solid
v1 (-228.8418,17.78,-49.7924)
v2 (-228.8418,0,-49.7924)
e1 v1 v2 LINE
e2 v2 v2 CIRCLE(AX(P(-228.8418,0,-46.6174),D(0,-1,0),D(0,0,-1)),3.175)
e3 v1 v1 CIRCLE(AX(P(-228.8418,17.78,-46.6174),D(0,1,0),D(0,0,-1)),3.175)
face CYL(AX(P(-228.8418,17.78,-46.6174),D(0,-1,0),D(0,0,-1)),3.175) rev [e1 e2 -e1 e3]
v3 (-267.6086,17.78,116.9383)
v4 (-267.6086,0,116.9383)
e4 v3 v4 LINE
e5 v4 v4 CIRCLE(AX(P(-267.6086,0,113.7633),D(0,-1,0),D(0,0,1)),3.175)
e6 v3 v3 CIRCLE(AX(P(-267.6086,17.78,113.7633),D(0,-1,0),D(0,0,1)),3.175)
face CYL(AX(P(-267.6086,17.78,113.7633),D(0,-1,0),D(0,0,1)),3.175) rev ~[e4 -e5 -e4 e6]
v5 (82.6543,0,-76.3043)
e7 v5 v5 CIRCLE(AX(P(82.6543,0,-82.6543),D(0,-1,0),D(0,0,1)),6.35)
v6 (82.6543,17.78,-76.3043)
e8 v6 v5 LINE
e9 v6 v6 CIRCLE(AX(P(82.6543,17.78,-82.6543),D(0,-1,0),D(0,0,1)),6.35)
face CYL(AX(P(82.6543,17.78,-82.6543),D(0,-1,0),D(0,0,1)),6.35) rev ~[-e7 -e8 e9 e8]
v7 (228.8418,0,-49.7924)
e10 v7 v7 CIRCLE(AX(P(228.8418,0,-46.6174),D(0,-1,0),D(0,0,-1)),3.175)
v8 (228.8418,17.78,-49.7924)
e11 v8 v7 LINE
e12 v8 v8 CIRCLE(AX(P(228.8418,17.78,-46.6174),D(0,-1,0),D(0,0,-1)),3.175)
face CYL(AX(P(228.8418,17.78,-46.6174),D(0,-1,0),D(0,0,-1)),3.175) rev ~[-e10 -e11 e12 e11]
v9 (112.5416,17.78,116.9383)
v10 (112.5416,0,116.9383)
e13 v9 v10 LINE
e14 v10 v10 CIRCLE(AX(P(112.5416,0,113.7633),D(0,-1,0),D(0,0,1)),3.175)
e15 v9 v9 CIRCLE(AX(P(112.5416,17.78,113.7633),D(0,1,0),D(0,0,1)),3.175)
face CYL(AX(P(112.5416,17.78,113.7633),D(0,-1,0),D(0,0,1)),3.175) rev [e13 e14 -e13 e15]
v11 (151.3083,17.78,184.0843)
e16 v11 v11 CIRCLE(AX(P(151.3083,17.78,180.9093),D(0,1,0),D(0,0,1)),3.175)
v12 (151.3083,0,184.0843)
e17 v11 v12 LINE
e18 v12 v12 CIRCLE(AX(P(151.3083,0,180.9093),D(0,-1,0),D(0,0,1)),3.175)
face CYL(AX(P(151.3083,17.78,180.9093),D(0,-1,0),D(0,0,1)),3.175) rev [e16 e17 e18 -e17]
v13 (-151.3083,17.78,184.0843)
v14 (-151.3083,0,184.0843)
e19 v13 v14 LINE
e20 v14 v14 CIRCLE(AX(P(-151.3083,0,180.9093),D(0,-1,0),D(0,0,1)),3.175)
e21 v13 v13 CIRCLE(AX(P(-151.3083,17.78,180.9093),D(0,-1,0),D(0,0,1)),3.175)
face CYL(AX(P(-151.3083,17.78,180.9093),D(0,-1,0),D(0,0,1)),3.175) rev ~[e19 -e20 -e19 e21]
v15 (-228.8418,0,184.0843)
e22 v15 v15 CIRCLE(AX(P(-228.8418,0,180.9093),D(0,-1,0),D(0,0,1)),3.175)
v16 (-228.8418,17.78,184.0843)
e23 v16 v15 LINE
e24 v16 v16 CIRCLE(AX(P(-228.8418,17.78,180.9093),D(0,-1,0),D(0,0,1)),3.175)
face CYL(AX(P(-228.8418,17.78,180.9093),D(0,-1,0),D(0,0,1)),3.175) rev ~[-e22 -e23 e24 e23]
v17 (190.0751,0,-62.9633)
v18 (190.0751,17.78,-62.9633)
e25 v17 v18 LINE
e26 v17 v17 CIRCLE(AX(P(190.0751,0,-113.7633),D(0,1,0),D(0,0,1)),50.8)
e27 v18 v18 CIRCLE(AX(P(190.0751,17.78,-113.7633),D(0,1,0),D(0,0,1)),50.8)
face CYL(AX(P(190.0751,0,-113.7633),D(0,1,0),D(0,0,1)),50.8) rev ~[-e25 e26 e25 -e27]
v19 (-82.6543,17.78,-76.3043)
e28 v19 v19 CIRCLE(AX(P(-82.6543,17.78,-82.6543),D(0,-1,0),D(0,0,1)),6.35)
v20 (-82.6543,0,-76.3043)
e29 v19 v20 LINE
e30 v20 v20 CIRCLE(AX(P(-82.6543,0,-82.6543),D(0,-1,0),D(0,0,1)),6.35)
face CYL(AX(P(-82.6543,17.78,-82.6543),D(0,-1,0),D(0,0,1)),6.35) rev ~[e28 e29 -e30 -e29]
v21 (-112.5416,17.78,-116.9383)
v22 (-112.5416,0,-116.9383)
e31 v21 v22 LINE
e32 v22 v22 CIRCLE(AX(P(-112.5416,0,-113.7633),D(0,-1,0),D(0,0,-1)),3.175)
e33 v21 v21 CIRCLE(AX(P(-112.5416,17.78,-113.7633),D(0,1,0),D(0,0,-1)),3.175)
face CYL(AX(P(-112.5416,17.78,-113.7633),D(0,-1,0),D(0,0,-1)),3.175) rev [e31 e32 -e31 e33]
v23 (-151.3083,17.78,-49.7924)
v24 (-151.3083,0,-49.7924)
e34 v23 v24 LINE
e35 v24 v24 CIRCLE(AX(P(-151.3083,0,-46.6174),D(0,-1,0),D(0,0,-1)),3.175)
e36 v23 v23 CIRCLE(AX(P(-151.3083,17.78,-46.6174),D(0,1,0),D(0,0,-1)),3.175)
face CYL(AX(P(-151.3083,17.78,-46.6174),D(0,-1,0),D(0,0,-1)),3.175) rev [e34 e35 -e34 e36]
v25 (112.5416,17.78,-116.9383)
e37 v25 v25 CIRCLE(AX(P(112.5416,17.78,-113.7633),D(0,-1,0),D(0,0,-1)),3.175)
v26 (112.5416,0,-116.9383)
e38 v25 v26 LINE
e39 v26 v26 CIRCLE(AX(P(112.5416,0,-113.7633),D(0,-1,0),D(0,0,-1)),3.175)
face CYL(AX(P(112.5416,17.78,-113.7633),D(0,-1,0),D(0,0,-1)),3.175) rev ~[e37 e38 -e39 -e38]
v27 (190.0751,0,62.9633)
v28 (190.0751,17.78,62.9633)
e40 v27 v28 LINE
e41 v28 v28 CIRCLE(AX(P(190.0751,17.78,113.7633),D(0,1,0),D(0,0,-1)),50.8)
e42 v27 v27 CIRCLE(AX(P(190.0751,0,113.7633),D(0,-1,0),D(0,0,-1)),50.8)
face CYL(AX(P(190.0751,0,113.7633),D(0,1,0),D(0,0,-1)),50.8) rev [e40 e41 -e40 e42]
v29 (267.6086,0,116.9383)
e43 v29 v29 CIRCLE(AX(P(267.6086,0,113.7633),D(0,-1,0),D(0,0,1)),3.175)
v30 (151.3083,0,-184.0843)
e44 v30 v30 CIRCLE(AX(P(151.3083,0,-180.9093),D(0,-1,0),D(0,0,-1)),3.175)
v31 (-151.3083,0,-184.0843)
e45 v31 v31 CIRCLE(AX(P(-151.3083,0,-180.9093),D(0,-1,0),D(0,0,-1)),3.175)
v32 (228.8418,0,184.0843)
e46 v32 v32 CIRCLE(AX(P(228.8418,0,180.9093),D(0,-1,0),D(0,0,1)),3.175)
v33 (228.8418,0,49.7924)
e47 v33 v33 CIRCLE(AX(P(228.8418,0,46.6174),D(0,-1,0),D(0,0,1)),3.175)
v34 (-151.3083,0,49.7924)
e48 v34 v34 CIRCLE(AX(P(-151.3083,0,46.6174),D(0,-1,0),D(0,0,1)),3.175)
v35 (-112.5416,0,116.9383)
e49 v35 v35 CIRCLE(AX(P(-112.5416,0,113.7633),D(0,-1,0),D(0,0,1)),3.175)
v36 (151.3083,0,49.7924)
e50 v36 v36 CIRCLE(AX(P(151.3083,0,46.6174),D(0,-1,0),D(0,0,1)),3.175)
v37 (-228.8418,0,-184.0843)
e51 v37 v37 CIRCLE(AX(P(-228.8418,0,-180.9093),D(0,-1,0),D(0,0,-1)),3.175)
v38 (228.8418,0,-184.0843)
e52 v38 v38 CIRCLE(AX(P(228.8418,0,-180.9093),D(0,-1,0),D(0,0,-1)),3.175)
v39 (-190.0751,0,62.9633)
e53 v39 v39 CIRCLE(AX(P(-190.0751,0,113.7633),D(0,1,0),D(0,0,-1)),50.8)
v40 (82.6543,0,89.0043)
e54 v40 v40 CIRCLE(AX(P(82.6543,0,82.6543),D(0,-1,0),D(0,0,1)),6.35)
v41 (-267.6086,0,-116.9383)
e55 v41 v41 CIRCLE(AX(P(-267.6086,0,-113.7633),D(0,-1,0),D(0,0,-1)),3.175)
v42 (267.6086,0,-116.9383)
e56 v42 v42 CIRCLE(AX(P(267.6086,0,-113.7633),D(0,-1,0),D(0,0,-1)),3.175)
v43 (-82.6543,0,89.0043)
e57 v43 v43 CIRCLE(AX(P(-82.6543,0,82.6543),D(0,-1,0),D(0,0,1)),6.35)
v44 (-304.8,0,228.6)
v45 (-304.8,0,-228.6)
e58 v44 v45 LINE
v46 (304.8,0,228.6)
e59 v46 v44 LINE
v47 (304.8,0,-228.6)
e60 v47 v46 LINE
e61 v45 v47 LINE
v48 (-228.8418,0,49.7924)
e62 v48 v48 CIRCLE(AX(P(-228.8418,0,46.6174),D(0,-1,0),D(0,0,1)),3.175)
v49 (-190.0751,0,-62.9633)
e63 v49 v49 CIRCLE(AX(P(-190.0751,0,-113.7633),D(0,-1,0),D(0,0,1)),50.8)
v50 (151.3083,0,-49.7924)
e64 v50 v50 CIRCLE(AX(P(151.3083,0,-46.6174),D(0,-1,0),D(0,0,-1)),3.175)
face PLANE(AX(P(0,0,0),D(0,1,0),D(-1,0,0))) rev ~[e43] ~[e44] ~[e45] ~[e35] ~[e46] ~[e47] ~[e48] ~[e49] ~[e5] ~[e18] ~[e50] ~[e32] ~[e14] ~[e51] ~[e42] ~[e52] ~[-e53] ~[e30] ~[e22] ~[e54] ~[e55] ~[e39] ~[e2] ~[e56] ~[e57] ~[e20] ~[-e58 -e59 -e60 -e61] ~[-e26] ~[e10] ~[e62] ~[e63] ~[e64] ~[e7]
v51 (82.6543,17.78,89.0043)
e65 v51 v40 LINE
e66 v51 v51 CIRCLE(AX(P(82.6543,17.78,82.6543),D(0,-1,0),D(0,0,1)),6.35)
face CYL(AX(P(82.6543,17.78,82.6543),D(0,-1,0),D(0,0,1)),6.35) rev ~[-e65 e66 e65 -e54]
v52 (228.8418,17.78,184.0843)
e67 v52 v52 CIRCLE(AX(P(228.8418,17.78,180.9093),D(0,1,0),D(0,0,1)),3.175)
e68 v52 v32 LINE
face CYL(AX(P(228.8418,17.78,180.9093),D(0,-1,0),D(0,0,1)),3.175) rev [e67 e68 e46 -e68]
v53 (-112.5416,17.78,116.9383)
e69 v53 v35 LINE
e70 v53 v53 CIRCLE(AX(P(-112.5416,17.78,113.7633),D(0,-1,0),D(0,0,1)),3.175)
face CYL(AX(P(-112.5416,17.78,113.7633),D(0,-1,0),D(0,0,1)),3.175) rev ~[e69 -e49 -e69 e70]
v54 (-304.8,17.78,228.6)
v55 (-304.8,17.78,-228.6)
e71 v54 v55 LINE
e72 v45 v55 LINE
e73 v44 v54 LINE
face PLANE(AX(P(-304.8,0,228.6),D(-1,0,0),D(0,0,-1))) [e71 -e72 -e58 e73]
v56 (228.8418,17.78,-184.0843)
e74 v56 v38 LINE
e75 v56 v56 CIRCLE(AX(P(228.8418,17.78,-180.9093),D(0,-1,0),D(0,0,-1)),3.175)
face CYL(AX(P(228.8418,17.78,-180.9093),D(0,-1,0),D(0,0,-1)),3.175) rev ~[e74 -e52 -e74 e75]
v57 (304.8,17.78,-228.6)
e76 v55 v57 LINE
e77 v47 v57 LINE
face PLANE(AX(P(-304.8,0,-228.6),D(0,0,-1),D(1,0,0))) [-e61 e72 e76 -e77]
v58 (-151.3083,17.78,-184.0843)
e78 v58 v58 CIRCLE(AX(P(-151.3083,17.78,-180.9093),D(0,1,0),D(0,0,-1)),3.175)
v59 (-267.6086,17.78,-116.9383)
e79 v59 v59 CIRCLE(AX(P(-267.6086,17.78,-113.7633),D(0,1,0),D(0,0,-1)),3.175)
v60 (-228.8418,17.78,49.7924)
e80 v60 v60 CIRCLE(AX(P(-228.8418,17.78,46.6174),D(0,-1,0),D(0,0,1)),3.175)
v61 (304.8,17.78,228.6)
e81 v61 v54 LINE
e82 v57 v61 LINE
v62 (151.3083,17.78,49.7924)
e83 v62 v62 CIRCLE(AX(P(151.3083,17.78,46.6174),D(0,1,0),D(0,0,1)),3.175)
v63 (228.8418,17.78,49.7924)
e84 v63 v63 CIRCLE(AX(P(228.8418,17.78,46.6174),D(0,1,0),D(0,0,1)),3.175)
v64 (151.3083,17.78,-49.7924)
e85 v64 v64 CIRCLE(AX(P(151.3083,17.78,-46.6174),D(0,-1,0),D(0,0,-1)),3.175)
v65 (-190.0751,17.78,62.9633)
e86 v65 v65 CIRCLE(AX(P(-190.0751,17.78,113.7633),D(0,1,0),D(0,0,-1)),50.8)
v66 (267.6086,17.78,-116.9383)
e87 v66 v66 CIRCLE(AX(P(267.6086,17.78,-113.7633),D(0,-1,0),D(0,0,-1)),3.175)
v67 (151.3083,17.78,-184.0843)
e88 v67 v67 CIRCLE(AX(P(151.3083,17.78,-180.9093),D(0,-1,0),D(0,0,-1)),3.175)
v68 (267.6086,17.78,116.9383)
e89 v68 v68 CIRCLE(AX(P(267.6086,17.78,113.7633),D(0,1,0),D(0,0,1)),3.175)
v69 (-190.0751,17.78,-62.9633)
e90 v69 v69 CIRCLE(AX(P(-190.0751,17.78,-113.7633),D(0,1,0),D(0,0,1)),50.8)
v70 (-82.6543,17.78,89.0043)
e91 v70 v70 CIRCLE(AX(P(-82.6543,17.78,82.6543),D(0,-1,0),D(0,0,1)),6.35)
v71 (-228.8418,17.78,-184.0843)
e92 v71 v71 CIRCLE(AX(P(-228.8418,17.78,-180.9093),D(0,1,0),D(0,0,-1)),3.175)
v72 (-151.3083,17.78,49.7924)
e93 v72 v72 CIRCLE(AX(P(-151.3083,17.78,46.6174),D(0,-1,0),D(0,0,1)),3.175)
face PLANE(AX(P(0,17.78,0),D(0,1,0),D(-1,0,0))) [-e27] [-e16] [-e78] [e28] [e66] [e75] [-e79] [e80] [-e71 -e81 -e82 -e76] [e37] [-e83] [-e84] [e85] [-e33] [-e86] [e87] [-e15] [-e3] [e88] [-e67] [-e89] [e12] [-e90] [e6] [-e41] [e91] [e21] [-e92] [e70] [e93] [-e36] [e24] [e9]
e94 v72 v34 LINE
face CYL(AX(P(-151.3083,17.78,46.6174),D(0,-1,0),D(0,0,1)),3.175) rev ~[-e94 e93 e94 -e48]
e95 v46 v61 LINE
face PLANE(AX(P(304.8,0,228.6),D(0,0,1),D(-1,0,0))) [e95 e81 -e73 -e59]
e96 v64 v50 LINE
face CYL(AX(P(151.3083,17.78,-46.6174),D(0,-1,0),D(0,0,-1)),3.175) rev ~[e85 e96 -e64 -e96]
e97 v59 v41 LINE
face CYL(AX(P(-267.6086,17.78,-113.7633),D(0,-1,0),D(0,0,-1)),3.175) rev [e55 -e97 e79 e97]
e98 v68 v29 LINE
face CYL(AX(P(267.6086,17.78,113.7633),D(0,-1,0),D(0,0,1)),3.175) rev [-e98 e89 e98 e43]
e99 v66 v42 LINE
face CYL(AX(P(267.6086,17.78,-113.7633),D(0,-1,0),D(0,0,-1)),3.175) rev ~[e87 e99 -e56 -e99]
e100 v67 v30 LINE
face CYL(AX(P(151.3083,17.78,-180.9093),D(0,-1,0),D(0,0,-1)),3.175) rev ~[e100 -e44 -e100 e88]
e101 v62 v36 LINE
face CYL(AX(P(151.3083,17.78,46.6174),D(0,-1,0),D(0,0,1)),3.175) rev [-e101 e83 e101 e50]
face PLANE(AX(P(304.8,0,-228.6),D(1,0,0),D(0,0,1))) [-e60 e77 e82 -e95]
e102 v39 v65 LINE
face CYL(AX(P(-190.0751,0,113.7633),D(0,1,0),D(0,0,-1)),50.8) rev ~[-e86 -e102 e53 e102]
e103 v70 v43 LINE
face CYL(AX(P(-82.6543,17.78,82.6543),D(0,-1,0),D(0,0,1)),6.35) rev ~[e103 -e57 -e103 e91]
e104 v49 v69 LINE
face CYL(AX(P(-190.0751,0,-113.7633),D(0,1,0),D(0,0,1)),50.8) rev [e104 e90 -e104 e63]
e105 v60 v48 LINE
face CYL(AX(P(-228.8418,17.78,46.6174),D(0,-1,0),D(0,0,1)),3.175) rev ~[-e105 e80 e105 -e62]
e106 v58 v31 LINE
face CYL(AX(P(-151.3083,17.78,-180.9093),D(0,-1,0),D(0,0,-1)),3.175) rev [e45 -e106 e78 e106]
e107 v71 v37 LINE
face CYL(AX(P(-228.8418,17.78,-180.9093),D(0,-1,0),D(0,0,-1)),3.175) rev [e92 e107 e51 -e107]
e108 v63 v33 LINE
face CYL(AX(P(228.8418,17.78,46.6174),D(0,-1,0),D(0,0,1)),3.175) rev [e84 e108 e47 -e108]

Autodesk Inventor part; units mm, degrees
ref_plane "YZ Plane" through (0, 0, 0) normal (1, 0, 0) x (0, 1, 0)
ref_plane "XZ Plane" through (0, 0, 0) normal (0, 1, 0) x (-1, 0, 0)
ref_plane "XY Plane" through (0, 0, 0) normal (0, 0, 1) x (1, 0, 0)
sketch "Sketch1" plane through (0, 0, 0) normal (0, 1, 0) x (-1, 0, 0)
  line L0 (-304.8, 228.6) -> (304.8, 228.6)
  line L1 (304.8, 228.6) -> (304.8, -228.6)
  line L2 (304.8, -228.6) -> (-304.8, -228.6)
  line L3 (-304.8, -228.6) -> (-304.8, 228.6)
  line L4 (-304.8, 228.6) -> (304.8, -228.6) construction
  line L5 (304.8, 228.6) -> (-304.8, -228.6) construction
  line L6 (-304.8, 228.6) -> (304.8, 228.6)
  line L7 (304.8, 228.6) -> (304.8, -228.6)
  line L8 (304.8, -228.6) -> (-304.8, -228.6)
  line L9 (-304.8, -228.6) -> (-304.8, 228.6)
  line L10 (-304.8, 228.6) -> (304.8, -228.6) construction
  line L11 (304.8, 228.6) -> (-304.8, -228.6) construction
  point P0 (0, 0)
  point P1 (0, 0)
  dimension "d0" = 609.6
  dimension "d1" = 457.2
  dimension "d4" = 609.6
  dimension "d5" = 457.2
sketch "Sketch2" plane through (0, 0, 0) normal (0, 1, 0) x (-1, 0, 0)
  line L0 (-304.8, 228.6) -> (304.8, 228.6)
  line L1 (304.8, 228.6) -> (304.8, -228.6)
  line L2 (304.8, -228.6) -> (-304.8, -228.6)
  line L3 (-304.8, -228.6) -> (-304.8, 228.6)
  line L4 (-304.8, 228.6) -> (304.8, -228.6) construction
  line L5 (304.8, 228.6) -> (-304.8, -228.6) construction
  circle A0 centre (228.8418, 180.9093) radius 3.175
  circle A1 centre (151.3083, 180.9093) radius 3.175
  circle A2 centre (112.5416, 113.7633) radius 3.175
  circle A3 centre (151.3083, 46.6174) radius 3.175
  circle A4 centre (228.8418, 46.6174) radius 3.175
  circle A5 centre (267.6086, 113.7633) radius 3.175
  circle A6 centre (190.0751, 113.7633) radius 51.1302
  line L6 (-304.8, 228.6) -> (304.8, 228.6)
  line L7 (304.8, 228.6) -> (304.8, -228.6)
  line L8 (304.8, -228.6) -> (-304.8, -228.6)
  line L9 (-304.8, -228.6) -> (-304.8, 228.6)
  line L10 (-304.8, 228.6) -> (304.8, -228.6) construction
  line L11 (304.8, 228.6) -> (-304.8, -228.6) construction
  circle A7 centre (228.8418, 180.9093) radius 3.175
  circle A8 centre (151.3083, 180.9093) radius 3.175
  circle A9 centre (112.5416, 113.7633) radius 3.175
  circle A10 centre (151.3083, 46.6174) radius 3.175
  circle A11 centre (228.8418, 46.6174) radius 3.175
  circle A12 centre (267.6086, 113.7633) radius 3.175
  circle A13 centre (190.0751, 113.7633) radius 51.1302
  point P0 (0, 0)
  point P1 (0, 0)
  point P2 (0, 0)
  dimension "d6" = 609.6
  dimension "d7" = 457.2
  dimension "d8" = 609.6
  dimension "d9" = 457.2
extrude "Extrusion1" add sketch "Sketch1" along normal blind 17.78
sketch "Sketch3" plane through (0, 17.78, 0) normal (0, 1, 0) x (1, 0, 0)
  circle A0 centre (-190.0751, -113.7633) radius 51.1302 projected
  circle A1 centre (-151.3083, -46.6174) radius 3.175 projected
  circle A2 centre (-112.5416, -113.7633) radius 3.175 projected
  circle A3 centre (-151.3083, -180.9093) radius 3.175 projected
  circle A4 centre (-228.8418, -180.9093) radius 3.175 projected
  circle A5 centre (-267.6086, -113.7633) radius 3.175 projected
  circle A6 centre (-228.8418, -46.6174) radius 3.175 projected
  point P0 (0, 0)
hole "Hole1" at (-228.8418, 17.78, 180.9093) at (-267.6086, 17.78, 113.7633) at (-228.8418, 17.78, 46.6174) at (-151.3083, 17.78, 46.6174) at (-112.5416, 17.78, 113.7633) at (-151.3083, 17.78, 180.9093) direction (0, -1, 0) diameter 6.35 end through all
hole "Hole2" at (-190.0751, 0, 113.7633) direction (0, 1, 0) diameter 101.6 depth 46.0375
mirror "Mirror1" about plane through (0, 0, 0) normal (1, 0, 0) of "Hole1", "Hole2"
mirror "Mirror2" about plane through (0, 0, 0) normal (0, 0, 1) of "Hole1", "Hole2", "Mirror1"
sketch "Sketch5" plane through (0, 17.78, 0) normal (0, 1, 0) x (1, 0, 0)
  line L0 (0, 0) -> (82.6543, 82.6543) construction
  line L1 (0, 0) -> (116.8908, 0) construction
  line L2 (0, 0) -> (-82.6543, 82.6543) construction
  line L3 (0, 0) -> (-82.6543, -82.6543) construction
  line L4 (0, 0) -> (116.8908, 0) construction
  line L5 (0, 0) -> (82.6543, -82.6543) construction
  line L6 (0, 0) -> (116.8908, 0) construction
  circle A0 centre (82.6543, 82.6543) radius 6.35
  circle A1 centre (-82.6543, 82.6543) radius 6.35
  circle A2 centre (-82.6543, -82.6543) radius 6.35
  circle A3 centre (82.6543, -82.6543) radius 6.35
  dimension "d41" = 116.8908
  dimension "d42" = 45
  dimension "d43" = 116.8908
  dimension "d44" = 116.8908
  dimension "d45" = 135
  dimension "d46" = 116.8908
  dimension "d47" = 45
  dimension "d48" = 12.7
  dimension "d49" = 12.7
  dimension "d50" = 12.7
  dimension "d51" = 12.7
hole "Hole4" at (82.6543, 17.78, -82.6543) at (82.6543, 17.78, 82.6543) at (-82.6543, 17.78, 82.6543) at (-82.6543, 17.78, -82.6543) direction (0, -1, 0) diameter 12.7 end through all
properties part number "sheetmappingv5"
